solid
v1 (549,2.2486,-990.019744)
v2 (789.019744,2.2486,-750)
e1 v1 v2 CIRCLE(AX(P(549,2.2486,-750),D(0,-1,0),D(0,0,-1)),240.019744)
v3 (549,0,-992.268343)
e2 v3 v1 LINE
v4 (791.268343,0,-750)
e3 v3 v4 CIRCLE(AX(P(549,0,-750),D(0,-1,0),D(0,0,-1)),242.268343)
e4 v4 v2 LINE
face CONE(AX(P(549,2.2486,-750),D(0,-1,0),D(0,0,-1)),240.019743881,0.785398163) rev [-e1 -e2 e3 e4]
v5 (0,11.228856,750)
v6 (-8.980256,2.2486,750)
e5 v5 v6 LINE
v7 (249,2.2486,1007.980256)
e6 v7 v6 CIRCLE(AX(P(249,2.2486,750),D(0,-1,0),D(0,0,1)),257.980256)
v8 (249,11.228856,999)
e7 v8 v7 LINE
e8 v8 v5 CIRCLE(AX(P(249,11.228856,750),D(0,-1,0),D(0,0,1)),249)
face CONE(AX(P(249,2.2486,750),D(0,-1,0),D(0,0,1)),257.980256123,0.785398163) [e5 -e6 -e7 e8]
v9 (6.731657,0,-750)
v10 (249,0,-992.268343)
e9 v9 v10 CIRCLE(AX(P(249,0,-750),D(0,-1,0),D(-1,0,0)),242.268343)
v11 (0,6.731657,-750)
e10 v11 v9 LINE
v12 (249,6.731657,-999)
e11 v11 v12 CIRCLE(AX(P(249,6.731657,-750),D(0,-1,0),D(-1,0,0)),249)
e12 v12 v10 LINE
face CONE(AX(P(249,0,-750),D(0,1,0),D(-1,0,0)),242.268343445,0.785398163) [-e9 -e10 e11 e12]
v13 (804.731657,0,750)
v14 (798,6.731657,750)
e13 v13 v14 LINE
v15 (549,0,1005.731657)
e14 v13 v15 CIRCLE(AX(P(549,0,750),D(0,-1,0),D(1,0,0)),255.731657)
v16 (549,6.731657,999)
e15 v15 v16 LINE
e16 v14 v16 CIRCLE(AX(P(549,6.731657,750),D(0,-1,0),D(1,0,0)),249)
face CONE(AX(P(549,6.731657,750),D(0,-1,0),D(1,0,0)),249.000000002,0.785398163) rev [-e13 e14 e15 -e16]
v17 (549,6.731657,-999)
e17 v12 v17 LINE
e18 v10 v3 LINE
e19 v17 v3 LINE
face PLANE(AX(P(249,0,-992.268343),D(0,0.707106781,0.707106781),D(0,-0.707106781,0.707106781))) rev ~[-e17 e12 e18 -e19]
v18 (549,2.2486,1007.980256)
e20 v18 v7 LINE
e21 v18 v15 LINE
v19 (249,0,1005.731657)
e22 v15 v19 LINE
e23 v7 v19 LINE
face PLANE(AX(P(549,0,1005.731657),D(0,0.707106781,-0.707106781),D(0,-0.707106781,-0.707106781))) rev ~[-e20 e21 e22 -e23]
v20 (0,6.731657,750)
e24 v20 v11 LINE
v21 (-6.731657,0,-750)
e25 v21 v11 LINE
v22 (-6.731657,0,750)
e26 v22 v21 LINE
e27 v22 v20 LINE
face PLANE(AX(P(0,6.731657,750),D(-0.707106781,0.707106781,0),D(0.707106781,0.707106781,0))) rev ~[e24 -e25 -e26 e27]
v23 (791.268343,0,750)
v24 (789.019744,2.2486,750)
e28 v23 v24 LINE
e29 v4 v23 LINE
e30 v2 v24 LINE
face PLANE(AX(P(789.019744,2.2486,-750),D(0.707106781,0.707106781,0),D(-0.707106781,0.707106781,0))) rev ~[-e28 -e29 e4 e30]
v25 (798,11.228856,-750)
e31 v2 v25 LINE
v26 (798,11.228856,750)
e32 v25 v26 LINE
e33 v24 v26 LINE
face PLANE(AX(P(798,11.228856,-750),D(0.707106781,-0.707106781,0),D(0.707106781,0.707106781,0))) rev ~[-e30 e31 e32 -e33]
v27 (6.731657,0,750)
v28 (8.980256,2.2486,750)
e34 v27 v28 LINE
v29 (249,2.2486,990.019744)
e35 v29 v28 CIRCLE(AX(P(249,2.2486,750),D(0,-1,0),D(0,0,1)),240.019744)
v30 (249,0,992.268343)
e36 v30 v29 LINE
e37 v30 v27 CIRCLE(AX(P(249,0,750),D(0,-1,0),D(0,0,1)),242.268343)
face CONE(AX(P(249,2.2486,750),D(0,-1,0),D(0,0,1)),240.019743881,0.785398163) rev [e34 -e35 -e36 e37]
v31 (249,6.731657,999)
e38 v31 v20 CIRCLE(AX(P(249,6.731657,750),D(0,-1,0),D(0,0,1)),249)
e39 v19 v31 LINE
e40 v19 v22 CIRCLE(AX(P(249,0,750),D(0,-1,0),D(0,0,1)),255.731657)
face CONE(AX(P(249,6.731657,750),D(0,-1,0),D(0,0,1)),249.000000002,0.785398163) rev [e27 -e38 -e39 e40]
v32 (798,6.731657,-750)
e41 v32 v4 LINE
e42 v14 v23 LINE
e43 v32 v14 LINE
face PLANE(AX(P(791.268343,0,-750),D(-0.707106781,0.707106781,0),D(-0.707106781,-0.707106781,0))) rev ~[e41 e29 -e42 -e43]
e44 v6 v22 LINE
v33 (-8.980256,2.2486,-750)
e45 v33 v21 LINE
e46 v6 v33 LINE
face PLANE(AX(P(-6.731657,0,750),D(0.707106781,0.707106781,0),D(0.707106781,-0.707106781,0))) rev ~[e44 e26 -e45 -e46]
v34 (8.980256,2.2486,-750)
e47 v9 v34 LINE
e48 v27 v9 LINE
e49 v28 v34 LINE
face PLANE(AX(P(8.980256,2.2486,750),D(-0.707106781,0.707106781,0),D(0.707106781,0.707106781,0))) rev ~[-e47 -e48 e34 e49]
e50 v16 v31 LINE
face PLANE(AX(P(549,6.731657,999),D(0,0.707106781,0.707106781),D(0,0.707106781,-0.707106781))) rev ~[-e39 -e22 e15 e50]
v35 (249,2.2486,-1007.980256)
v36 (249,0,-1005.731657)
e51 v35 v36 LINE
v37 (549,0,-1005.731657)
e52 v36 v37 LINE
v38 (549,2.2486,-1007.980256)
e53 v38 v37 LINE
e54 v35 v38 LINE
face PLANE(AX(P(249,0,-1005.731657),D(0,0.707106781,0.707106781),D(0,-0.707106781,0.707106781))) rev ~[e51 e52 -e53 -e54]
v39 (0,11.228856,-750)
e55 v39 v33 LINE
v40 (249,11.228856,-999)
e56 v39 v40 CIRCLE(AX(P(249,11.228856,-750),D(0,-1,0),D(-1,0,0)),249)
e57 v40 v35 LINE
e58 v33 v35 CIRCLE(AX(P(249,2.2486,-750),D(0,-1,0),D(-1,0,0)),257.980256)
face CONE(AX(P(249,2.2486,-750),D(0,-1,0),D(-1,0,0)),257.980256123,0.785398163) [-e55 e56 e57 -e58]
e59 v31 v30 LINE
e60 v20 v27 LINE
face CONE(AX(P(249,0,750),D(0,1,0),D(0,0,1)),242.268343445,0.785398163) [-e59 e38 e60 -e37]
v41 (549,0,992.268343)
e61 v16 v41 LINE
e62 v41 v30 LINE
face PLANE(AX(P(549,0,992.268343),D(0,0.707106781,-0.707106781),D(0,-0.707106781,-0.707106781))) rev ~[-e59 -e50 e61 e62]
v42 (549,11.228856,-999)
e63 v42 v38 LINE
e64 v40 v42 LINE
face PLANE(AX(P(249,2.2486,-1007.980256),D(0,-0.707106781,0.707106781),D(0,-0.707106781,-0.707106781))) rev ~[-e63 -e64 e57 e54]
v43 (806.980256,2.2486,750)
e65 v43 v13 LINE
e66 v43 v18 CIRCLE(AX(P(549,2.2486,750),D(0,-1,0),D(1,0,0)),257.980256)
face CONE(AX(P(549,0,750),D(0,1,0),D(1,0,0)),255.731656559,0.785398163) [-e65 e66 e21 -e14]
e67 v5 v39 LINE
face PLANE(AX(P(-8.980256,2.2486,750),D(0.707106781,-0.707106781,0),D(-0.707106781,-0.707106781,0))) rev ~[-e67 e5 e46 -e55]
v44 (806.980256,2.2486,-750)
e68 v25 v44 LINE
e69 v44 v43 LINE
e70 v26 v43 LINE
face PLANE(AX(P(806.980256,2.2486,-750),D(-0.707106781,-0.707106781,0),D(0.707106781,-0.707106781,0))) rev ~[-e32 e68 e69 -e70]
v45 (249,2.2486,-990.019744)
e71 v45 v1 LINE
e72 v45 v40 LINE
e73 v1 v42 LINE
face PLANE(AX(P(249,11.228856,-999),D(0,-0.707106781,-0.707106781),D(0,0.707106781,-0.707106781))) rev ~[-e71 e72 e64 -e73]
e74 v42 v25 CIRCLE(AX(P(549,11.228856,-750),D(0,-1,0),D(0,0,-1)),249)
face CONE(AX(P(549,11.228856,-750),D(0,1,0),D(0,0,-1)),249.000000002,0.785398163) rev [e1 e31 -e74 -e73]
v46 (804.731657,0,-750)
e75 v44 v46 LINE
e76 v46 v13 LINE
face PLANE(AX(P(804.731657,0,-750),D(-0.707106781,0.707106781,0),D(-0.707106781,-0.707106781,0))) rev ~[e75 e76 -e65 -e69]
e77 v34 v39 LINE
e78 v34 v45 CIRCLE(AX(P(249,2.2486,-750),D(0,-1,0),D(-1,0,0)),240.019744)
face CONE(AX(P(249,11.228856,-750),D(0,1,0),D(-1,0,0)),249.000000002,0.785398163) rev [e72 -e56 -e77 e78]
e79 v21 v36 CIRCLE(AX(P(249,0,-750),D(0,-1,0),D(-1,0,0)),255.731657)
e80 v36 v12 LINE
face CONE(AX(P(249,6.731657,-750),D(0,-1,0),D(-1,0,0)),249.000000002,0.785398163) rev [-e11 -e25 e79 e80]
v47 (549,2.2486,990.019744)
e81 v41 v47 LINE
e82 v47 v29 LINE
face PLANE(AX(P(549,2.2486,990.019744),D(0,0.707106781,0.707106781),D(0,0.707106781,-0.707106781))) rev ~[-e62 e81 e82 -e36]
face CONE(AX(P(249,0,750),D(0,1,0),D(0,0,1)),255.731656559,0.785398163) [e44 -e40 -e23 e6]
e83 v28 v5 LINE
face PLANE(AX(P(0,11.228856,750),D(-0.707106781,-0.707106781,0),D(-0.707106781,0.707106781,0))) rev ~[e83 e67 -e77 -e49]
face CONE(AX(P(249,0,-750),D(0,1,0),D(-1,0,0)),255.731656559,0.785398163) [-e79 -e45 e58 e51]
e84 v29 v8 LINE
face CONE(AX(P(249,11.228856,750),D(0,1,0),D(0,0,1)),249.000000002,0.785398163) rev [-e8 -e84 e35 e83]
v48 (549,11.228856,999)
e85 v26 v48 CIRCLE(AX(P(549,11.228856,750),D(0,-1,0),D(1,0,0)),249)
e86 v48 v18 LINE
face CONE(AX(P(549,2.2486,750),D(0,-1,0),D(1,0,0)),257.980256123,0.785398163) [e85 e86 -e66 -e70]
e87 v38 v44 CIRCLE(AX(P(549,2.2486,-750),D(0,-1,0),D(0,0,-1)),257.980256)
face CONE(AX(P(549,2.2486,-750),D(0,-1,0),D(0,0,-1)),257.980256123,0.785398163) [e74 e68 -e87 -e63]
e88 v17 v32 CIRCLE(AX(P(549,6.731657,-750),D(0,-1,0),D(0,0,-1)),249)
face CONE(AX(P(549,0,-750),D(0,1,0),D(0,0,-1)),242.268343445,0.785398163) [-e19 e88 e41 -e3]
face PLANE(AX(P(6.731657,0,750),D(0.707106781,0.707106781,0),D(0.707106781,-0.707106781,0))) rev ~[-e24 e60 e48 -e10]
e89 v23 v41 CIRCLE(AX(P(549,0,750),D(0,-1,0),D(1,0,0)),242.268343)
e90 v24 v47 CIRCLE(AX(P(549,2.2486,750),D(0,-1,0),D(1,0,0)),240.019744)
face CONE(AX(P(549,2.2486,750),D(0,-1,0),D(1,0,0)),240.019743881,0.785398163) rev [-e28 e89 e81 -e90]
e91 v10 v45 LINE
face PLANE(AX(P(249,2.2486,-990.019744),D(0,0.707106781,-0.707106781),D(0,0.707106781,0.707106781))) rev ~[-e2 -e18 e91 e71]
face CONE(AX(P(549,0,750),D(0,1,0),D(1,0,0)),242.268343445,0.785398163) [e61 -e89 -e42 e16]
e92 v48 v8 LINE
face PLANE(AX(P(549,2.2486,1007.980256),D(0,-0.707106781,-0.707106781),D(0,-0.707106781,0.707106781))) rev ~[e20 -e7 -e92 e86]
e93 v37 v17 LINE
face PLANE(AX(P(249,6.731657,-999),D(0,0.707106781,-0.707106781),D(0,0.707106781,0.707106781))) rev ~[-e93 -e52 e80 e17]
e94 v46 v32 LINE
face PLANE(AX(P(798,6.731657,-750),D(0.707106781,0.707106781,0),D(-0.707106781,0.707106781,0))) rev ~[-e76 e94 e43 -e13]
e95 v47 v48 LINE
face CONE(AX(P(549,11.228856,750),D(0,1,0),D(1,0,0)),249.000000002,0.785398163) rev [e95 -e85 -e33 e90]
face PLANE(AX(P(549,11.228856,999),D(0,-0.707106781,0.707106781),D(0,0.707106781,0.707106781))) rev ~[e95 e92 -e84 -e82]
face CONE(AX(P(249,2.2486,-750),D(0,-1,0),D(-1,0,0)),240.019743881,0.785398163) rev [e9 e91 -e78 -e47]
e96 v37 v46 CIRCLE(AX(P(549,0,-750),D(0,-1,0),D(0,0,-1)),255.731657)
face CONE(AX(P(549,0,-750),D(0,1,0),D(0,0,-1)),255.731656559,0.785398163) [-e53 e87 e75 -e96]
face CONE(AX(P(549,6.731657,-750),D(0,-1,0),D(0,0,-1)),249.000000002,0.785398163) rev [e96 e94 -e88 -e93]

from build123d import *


with BuildPart() as part:
    # Varredura1: sweep along a path in Esboço2
    with BuildLine(Plane(origin=(0, 0, 0), x_dir=(1, 0, 0), z_dir=(0, 1, 0))) as varredura1_path:
        Line((0, -750), (0, 750))
        ThreePointArc((0, 750), (72.930411485, 926.069588515), (249, 999))
        Line((249, 999), (549, 999))
        ThreePointArc((549, 999), (725.069588515, 926.069588515), (798, 750))
        Line((798, 750), (798, -750))
        ThreePointArc((798, -750), (725.069588515, -926.069588515), (549, -999))
        Line((549, -999), (249, -999))
        ThreePointArc((249, -999), (72.930411485, -926.069588515), (0, -750))
    # Esboço1 → Varredura1 (sweep)
    with BuildSketch(Plane.XY):
        Polygon((0, 11.228855685), (8.980256121, 2.248599564), (6.731656557, 0), (0, 6.731656557), (-6.731656557, 0), (-8.980256121, 2.248599564), align=None)
    sweep(path=varredura1_path.line)


solid = part.part
